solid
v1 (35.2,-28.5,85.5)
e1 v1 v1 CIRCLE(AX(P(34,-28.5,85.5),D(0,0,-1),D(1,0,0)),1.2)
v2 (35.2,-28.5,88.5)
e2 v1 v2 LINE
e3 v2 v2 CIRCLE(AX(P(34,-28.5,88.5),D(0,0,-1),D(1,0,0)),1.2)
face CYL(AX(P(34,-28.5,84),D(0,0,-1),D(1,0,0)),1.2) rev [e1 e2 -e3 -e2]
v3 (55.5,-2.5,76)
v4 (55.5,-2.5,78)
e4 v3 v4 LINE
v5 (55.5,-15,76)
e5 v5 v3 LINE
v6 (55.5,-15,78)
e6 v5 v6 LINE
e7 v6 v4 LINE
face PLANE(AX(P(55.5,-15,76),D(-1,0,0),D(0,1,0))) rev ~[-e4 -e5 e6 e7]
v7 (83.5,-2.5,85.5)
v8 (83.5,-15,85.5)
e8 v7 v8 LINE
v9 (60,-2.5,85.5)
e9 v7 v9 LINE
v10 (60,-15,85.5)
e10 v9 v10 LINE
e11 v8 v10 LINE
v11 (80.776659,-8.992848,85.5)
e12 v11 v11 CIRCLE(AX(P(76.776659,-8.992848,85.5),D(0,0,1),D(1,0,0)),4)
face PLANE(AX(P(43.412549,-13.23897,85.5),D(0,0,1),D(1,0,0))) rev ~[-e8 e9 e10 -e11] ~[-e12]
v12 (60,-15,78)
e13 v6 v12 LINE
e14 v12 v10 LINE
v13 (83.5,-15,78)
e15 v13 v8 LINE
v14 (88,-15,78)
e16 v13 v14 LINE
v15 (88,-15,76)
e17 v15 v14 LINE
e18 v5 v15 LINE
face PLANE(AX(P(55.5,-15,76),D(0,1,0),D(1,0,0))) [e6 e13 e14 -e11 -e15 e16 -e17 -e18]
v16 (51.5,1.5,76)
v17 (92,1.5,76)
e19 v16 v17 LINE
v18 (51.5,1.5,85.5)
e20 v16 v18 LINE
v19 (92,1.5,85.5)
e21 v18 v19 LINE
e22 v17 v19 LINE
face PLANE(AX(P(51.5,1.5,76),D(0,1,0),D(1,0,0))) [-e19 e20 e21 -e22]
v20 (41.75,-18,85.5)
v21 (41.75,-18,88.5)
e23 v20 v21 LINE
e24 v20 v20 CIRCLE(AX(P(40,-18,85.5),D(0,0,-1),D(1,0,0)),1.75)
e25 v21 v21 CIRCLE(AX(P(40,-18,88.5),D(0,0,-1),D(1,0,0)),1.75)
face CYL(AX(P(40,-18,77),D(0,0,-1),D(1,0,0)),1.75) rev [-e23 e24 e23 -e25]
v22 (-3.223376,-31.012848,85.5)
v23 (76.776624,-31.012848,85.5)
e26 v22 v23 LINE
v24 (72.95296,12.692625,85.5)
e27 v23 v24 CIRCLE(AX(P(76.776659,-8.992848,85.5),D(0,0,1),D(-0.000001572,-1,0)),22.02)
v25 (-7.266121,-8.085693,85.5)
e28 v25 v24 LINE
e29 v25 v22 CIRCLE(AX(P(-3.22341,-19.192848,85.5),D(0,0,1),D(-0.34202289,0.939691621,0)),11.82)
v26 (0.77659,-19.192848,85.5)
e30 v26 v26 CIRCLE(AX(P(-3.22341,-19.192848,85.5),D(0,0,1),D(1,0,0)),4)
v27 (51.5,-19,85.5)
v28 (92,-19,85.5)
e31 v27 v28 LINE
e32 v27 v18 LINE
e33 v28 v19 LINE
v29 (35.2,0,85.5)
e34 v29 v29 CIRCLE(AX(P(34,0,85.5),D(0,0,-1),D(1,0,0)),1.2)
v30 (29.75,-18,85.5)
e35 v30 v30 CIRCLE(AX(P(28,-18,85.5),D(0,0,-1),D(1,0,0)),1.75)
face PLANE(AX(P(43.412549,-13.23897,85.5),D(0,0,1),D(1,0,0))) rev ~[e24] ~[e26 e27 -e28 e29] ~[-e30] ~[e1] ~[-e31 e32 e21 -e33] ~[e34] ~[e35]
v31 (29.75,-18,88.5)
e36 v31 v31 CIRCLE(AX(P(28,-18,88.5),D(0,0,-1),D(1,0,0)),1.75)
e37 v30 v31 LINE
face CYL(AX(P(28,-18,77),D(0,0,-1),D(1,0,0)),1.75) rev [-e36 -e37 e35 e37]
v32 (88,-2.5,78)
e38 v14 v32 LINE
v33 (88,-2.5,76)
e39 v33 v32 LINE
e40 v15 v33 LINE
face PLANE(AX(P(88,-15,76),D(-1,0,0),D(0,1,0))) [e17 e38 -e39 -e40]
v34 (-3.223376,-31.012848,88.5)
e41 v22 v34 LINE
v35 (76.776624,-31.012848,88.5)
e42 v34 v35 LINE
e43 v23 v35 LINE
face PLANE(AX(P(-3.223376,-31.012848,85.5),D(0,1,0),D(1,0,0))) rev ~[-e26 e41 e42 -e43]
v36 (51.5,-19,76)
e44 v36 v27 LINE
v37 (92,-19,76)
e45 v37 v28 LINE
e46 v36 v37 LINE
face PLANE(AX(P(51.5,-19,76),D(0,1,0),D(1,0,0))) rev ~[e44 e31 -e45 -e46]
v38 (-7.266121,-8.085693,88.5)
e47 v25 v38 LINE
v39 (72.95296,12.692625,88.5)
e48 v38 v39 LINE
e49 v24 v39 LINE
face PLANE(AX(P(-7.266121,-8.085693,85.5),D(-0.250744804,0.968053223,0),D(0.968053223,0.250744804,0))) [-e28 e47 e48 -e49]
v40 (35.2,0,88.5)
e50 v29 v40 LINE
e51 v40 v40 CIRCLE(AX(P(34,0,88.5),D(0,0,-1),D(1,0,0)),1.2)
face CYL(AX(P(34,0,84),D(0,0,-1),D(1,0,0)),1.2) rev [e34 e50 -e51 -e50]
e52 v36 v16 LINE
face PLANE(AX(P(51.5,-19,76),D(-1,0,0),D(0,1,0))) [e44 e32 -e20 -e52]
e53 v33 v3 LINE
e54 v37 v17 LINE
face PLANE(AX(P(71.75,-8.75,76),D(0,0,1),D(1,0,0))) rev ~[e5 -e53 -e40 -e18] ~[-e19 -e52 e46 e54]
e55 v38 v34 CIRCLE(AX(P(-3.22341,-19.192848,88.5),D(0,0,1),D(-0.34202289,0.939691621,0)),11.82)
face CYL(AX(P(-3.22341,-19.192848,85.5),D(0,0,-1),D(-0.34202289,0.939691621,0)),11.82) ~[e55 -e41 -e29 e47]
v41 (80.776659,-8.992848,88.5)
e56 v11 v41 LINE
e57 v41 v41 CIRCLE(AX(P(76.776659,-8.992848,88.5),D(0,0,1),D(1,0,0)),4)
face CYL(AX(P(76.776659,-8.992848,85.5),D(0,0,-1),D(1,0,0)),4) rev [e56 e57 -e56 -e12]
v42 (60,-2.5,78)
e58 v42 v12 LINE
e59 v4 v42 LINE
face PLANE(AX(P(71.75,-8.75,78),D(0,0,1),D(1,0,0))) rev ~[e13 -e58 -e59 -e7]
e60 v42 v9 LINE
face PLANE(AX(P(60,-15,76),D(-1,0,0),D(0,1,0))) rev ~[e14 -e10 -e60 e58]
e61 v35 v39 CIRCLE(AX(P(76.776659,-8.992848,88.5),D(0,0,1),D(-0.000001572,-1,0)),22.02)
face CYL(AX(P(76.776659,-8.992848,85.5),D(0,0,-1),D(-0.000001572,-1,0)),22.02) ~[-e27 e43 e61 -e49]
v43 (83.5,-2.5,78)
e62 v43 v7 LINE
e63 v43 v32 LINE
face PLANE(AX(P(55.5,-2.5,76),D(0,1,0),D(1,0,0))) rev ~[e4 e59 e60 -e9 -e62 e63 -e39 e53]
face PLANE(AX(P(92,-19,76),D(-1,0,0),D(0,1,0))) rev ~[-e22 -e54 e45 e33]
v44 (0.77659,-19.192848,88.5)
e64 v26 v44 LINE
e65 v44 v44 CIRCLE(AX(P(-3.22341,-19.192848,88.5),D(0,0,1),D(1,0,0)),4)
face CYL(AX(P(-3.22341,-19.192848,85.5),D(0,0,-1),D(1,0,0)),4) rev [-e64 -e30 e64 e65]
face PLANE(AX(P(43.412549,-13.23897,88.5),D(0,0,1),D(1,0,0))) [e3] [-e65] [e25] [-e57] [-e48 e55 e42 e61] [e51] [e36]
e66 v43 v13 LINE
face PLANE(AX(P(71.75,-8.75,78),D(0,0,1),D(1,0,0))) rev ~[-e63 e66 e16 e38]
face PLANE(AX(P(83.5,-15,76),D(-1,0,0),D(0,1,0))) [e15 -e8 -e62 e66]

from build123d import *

# Parameters (mm, degrees)
CYLINDER026_R     = 1.75
CYLINDER026_DEPTH = 20
CYLINDER025_R     = 1.75
CYLINDER025_DEPTH = 20
CYLINDER014_R     = 1.2
CYLINDER014_DEPTH = 10
CYLINDER013_R     = 1.2
CYLINDER013_DEPTH = 10
SKETCH_R          = 4
PAD_DEPTH         = 3
BOX008_W          = 23.5
BOX008_H          = 12.5
BOX008_DEPTH      = 10
BOX007_W          = 32.5
BOX007_H          = 12.5
BOX007_DEPTH      = 2
BOX006_W          = 40.5
BOX006_H          = 20.5
BOX006_DEPTH      = 9.5


with BuildPart() as cylinder061:
    # Cylinder026 → Cylinder026 (new body)
    with BuildSketch(Plane(origin=(40, -18, 77), x_dir=(1, 0, 0), z_dir=(0, 0, 1))):
        Circle(CYLINDER026_R)
    extrude(amount=CYLINDER026_DEPTH)


with BuildPart() as cylinder060:
    # Cylinder025 → Cylinder025 (new body)
    with BuildSketch(Plane(origin=(28, -18, 77), x_dir=(1, 0, 0), z_dir=(0, 0, 1))):
        Circle(CYLINDER025_R)
    extrude(amount=CYLINDER025_DEPTH)


with BuildPart() as cylinder049:
    # Cylinder014 → Cylinder014 (new body)
    with BuildSketch(Plane(origin=(55, 19, -5), x_dir=(1, 0, 0), z_dir=(0, 0, 1))):
        Circle(CYLINDER014_R)
    extrude(amount=CYLINDER014_DEPTH)


with BuildPart() as cylinder048:
    # Cylinder013 → Cylinder013 (new body)
    with BuildSketch(Plane(origin=(55, -9.5, -5), x_dir=(1, 0, 0), z_dir=(0, 0, 1))):
        Circle(CYLINDER013_R)
    extrude(amount=CYLINDER013_DEPTH)


with BuildPart() as tapa:
    # Sketch → Pad (new body)
    with BuildSketch(Plane.XY.offset(-3)):
        with BuildLine():
            ThreePointArc((13.733879, 10.914307), (6.136168, -2.245404), (17.776624, -12.012848))
            Line((17.776624, -12.012848), (97.776624, -12.012848))
            ThreePointArc((97.776624, -12.012848), (119.712869, 11.926287), (93.95296, 31.692625))
            Line((13.733879, 10.914307), (93.95296, 31.692625))
        make_face()
        with Locations((17.77659, -0.192848)):
            Circle(SKETCH_R, mode=Mode.SUBTRACT)
        with Locations((97.776659, 10.007152)):
            Circle(SKETCH_R, mode=Mode.SUBTRACT)
    extrude(amount=PAD_DEPTH)


with BuildPart() as cube008:
    # Box008 → Box008 (new body)
    with BuildSketch(Plane(origin=(8.5, 4, 0), x_dir=(1, 0, 0), z_dir=(0, 0, 1))):
        with Locations((11.75, 6.25)):
            Rectangle(BOX008_W, BOX008_H)
    extrude(amount=BOX008_DEPTH)


with BuildPart() as cube007:
    # Box007 → Box007 (new body)
    with BuildSketch(Plane(origin=(4, 4, 0), x_dir=(1, 0, 0), z_dir=(0, 0, 1))):
        with Locations((16.25, 6.25)):
            Rectangle(BOX007_W, BOX007_H)
    extrude(amount=BOX007_DEPTH)


with BuildPart() as tapa_izquierda_interior:
    # Box006 → Box006 (new body)
    with BuildSketch(Plane.XY):
        with Locations((20.25, 10.25)):
            Rectangle(BOX006_W, BOX006_H)
    extrude(amount=BOX006_DEPTH)

    # Cut008: cut Cube007
    add(cube007.part, mode=Mode.SUBTRACT)

    # Cut009: cut Cube008
    add(cube008.part, mode=Mode.SUBTRACT)


with BuildPart() as tapa_izquierda_interior_1:
    # Cut009 placement: moved
    add(tapa_izquierda_interior.part.moved(Location((72.5, 0, -12.5))))

    # Fusion006: union Tapa
    add(tapa.part)


with BuildPart() as tapa_izquierda_interior_2:
    # Fusion006 placement: moved
    add(tapa_izquierda_interior_1.part.moved(Location((0, 0, -0.5))))

    # Cut013: cut Cylinder048
    add(cylinder048.part, mode=Mode.SUBTRACT)

    # Cut014: cut Cylinder049
    add(cylinder049.part, mode=Mode.SUBTRACT)


with BuildPart() as tapa_izquierda_interior_3:
    # Cut014 placement: moved
    add(tapa_izquierda_interior_2.part.moved(Location((-21, -19, 89))))

    # Cut049: cut Cylinder060
    add(cylinder060.part, mode=Mode.SUBTRACT)

    # Cut050: cut Cylinder061
    add(cylinder061.part, mode=Mode.SUBTRACT)


solid = tapa_izquierda_interior_3.part
